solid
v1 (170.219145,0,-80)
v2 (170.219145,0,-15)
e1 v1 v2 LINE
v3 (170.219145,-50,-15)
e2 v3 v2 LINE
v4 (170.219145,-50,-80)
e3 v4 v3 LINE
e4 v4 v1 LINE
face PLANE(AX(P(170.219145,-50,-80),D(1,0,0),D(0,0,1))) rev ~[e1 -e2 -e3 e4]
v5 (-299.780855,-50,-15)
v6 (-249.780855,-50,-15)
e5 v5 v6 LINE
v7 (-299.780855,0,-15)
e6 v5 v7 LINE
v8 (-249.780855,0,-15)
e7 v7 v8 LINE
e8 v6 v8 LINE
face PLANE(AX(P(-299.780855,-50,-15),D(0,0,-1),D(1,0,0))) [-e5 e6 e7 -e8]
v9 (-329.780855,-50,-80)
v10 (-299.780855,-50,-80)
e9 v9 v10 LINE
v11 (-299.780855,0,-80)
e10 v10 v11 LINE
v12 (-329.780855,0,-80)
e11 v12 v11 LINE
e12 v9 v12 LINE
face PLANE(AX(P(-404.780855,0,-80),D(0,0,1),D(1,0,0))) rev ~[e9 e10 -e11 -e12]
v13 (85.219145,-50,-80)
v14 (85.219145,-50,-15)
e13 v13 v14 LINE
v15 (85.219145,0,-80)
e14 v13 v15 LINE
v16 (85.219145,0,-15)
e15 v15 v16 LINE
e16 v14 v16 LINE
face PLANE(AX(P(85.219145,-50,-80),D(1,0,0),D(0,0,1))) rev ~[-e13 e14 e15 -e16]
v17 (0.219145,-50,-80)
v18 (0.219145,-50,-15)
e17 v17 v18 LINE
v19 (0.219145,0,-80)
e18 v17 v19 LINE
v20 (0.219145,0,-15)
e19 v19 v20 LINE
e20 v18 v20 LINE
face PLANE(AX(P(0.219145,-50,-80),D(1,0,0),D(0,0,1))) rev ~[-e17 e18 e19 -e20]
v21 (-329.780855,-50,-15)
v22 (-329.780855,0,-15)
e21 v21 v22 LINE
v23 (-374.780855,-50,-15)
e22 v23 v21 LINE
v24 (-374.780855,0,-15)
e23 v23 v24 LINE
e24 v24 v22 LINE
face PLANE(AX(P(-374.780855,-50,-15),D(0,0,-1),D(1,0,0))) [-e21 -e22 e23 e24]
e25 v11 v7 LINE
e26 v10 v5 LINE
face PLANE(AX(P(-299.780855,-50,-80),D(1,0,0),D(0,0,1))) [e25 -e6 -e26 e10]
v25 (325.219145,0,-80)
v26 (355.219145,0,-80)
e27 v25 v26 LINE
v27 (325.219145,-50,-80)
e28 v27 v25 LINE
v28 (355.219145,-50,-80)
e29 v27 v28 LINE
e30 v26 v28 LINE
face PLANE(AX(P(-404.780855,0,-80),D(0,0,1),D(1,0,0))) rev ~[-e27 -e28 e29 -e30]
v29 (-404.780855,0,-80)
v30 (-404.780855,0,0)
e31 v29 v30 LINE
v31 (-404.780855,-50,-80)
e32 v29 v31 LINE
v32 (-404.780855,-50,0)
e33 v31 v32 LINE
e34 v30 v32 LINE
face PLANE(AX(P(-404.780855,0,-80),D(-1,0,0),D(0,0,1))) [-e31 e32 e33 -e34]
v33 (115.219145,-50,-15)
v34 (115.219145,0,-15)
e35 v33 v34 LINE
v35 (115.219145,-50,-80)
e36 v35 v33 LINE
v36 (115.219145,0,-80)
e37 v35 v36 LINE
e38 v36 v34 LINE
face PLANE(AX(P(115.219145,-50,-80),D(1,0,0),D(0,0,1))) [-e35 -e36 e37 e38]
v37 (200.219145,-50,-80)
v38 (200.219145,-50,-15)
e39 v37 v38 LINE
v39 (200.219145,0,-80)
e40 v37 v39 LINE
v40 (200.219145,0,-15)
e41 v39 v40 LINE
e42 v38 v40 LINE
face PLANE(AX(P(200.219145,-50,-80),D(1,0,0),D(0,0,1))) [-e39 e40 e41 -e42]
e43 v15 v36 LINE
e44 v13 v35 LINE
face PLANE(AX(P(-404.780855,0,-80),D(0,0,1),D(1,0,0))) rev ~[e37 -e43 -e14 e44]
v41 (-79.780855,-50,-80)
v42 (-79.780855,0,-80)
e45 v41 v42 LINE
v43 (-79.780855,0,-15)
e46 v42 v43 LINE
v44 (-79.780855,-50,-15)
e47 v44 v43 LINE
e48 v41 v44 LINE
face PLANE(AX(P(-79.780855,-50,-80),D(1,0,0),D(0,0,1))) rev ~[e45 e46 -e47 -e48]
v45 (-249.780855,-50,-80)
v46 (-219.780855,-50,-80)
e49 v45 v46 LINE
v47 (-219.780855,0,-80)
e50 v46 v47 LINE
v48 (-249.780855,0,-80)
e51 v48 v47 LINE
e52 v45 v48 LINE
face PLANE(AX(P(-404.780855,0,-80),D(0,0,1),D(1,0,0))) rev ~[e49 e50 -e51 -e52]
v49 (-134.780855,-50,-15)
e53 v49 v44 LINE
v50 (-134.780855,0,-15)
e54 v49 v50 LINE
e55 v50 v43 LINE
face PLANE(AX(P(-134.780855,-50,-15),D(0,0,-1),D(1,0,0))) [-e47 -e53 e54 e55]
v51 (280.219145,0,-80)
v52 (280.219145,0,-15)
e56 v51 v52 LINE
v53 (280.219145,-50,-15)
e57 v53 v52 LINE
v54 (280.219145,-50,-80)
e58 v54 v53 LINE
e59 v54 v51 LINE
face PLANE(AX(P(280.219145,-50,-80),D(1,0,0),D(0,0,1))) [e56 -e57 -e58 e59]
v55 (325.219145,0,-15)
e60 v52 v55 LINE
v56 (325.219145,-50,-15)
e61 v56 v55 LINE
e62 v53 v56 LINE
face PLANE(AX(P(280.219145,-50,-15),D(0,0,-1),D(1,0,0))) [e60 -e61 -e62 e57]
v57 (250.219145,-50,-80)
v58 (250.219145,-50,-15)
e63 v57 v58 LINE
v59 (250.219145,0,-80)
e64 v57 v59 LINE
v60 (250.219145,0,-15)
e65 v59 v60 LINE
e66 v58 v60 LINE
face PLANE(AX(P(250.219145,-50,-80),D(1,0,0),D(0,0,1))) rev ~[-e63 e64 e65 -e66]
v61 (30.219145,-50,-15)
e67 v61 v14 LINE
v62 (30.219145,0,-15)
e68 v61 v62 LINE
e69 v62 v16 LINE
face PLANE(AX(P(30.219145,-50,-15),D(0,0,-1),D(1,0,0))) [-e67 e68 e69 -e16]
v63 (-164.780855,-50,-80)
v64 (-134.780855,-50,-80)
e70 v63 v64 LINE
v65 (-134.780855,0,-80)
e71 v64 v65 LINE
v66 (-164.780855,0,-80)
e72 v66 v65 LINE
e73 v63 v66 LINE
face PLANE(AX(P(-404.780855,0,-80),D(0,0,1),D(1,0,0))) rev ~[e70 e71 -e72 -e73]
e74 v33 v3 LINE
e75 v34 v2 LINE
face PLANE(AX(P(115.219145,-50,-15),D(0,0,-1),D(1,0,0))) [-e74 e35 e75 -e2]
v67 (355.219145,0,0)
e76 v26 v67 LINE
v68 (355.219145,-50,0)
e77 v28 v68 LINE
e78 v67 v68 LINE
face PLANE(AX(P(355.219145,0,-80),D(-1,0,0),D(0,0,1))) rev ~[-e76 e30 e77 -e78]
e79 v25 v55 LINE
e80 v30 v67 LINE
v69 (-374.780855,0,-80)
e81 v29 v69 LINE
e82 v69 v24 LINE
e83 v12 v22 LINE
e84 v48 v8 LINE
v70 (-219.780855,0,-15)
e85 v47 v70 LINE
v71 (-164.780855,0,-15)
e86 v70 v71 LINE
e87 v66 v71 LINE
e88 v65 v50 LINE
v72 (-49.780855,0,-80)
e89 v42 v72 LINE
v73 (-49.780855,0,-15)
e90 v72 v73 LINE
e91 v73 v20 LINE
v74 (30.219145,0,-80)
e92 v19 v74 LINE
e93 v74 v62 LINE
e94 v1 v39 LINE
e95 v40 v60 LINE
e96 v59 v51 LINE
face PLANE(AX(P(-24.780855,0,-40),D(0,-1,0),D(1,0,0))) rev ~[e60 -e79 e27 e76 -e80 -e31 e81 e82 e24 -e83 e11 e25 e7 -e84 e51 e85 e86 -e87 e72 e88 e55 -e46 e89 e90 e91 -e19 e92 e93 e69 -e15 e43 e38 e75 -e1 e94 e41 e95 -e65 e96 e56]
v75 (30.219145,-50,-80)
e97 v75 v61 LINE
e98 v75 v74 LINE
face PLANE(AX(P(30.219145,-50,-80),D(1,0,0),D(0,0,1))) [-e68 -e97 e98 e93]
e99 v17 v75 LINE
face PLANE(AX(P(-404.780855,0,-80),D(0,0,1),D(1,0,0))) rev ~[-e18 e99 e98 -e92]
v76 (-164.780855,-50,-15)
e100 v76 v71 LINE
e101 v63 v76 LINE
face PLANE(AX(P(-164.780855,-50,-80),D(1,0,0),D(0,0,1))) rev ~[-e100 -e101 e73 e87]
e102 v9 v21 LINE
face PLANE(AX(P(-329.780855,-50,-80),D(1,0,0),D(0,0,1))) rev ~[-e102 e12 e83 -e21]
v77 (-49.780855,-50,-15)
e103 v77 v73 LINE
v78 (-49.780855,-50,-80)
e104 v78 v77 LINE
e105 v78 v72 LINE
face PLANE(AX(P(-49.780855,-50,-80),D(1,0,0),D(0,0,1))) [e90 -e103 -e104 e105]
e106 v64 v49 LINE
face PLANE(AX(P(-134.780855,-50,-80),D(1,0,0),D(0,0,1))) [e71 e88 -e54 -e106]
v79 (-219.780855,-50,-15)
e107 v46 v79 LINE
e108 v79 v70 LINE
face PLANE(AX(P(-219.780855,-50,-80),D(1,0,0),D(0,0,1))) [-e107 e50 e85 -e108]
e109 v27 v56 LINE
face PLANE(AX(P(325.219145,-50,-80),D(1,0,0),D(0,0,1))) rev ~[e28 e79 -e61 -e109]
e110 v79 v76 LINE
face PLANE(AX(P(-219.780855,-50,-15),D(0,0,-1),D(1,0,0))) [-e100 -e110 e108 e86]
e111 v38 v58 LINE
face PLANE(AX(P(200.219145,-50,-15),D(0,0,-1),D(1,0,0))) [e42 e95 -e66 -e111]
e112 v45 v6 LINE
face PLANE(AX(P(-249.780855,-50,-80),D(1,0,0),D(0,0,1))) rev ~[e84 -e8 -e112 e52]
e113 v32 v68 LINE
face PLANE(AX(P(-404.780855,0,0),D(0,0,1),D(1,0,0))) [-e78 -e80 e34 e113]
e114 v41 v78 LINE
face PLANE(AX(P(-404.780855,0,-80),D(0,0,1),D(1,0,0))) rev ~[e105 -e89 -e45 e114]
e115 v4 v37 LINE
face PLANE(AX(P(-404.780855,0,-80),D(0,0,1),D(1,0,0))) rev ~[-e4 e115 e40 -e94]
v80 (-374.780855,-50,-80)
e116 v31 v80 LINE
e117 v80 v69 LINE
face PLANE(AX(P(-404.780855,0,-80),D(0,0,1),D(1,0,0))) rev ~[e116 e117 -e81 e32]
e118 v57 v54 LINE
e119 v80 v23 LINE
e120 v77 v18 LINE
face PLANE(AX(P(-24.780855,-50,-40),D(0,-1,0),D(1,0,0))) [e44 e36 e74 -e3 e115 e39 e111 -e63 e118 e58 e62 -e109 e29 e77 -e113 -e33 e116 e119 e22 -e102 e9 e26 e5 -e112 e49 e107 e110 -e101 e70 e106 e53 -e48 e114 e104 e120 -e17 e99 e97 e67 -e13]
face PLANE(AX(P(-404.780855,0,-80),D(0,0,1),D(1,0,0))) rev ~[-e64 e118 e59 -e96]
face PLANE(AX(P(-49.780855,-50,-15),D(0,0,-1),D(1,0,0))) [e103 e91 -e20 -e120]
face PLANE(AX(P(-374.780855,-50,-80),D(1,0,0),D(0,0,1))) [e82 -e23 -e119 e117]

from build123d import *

# Parameters (mm, degrees)
F0_W     = 760
F0_H     = 80
F1_DEPTH = 50
F2_W     = 45
F2_H     = 65
F2_W_2   = 50
F2_W_3   = 55
F3_DEPTH = 50


with BuildPart() as f1:
    # F0 (on Front) → F1 (new body)
    with BuildSketch(Plane.XZ):
        with Locations((-24.780855, -40)):
            Rectangle(F0_W, F0_H)
    extrude(amount=F1_DEPTH)

    # F2 (on face) → F3 (cut)
    with BuildSketch(Plane.XZ.offset(50)):
        with Locations((-352.280855, -47.5)):
            Rectangle(F2_W, F2_H)
        with Locations((-274.780855, -47.5)):
            Rectangle(F2_W_2, F2_H)
        with Locations((-192.280855, -47.5)):
            Rectangle(F2_W_3, F2_H)
        with Locations((-107.280855, -47.5)):
            Rectangle(F2_W_3, F2_H)
        with Locations((-24.780855, -47.5)):
            Rectangle(F2_W_2, F2_H)
        with Locations((57.719145, -47.5)):
            Rectangle(F2_W_3, F2_H)
        with Locations((142.719145, -47.5)):
            Rectangle(F2_W_3, F2_H)
        with Locations((225.219145, -47.5)):
            Rectangle(F2_W_2, F2_H)
        with Locations((302.719145, -47.5)):
            Rectangle(F2_W, F2_H)
    extrude(amount=-F3_DEPTH, mode=Mode.SUBTRACT)


solid = f1.part
